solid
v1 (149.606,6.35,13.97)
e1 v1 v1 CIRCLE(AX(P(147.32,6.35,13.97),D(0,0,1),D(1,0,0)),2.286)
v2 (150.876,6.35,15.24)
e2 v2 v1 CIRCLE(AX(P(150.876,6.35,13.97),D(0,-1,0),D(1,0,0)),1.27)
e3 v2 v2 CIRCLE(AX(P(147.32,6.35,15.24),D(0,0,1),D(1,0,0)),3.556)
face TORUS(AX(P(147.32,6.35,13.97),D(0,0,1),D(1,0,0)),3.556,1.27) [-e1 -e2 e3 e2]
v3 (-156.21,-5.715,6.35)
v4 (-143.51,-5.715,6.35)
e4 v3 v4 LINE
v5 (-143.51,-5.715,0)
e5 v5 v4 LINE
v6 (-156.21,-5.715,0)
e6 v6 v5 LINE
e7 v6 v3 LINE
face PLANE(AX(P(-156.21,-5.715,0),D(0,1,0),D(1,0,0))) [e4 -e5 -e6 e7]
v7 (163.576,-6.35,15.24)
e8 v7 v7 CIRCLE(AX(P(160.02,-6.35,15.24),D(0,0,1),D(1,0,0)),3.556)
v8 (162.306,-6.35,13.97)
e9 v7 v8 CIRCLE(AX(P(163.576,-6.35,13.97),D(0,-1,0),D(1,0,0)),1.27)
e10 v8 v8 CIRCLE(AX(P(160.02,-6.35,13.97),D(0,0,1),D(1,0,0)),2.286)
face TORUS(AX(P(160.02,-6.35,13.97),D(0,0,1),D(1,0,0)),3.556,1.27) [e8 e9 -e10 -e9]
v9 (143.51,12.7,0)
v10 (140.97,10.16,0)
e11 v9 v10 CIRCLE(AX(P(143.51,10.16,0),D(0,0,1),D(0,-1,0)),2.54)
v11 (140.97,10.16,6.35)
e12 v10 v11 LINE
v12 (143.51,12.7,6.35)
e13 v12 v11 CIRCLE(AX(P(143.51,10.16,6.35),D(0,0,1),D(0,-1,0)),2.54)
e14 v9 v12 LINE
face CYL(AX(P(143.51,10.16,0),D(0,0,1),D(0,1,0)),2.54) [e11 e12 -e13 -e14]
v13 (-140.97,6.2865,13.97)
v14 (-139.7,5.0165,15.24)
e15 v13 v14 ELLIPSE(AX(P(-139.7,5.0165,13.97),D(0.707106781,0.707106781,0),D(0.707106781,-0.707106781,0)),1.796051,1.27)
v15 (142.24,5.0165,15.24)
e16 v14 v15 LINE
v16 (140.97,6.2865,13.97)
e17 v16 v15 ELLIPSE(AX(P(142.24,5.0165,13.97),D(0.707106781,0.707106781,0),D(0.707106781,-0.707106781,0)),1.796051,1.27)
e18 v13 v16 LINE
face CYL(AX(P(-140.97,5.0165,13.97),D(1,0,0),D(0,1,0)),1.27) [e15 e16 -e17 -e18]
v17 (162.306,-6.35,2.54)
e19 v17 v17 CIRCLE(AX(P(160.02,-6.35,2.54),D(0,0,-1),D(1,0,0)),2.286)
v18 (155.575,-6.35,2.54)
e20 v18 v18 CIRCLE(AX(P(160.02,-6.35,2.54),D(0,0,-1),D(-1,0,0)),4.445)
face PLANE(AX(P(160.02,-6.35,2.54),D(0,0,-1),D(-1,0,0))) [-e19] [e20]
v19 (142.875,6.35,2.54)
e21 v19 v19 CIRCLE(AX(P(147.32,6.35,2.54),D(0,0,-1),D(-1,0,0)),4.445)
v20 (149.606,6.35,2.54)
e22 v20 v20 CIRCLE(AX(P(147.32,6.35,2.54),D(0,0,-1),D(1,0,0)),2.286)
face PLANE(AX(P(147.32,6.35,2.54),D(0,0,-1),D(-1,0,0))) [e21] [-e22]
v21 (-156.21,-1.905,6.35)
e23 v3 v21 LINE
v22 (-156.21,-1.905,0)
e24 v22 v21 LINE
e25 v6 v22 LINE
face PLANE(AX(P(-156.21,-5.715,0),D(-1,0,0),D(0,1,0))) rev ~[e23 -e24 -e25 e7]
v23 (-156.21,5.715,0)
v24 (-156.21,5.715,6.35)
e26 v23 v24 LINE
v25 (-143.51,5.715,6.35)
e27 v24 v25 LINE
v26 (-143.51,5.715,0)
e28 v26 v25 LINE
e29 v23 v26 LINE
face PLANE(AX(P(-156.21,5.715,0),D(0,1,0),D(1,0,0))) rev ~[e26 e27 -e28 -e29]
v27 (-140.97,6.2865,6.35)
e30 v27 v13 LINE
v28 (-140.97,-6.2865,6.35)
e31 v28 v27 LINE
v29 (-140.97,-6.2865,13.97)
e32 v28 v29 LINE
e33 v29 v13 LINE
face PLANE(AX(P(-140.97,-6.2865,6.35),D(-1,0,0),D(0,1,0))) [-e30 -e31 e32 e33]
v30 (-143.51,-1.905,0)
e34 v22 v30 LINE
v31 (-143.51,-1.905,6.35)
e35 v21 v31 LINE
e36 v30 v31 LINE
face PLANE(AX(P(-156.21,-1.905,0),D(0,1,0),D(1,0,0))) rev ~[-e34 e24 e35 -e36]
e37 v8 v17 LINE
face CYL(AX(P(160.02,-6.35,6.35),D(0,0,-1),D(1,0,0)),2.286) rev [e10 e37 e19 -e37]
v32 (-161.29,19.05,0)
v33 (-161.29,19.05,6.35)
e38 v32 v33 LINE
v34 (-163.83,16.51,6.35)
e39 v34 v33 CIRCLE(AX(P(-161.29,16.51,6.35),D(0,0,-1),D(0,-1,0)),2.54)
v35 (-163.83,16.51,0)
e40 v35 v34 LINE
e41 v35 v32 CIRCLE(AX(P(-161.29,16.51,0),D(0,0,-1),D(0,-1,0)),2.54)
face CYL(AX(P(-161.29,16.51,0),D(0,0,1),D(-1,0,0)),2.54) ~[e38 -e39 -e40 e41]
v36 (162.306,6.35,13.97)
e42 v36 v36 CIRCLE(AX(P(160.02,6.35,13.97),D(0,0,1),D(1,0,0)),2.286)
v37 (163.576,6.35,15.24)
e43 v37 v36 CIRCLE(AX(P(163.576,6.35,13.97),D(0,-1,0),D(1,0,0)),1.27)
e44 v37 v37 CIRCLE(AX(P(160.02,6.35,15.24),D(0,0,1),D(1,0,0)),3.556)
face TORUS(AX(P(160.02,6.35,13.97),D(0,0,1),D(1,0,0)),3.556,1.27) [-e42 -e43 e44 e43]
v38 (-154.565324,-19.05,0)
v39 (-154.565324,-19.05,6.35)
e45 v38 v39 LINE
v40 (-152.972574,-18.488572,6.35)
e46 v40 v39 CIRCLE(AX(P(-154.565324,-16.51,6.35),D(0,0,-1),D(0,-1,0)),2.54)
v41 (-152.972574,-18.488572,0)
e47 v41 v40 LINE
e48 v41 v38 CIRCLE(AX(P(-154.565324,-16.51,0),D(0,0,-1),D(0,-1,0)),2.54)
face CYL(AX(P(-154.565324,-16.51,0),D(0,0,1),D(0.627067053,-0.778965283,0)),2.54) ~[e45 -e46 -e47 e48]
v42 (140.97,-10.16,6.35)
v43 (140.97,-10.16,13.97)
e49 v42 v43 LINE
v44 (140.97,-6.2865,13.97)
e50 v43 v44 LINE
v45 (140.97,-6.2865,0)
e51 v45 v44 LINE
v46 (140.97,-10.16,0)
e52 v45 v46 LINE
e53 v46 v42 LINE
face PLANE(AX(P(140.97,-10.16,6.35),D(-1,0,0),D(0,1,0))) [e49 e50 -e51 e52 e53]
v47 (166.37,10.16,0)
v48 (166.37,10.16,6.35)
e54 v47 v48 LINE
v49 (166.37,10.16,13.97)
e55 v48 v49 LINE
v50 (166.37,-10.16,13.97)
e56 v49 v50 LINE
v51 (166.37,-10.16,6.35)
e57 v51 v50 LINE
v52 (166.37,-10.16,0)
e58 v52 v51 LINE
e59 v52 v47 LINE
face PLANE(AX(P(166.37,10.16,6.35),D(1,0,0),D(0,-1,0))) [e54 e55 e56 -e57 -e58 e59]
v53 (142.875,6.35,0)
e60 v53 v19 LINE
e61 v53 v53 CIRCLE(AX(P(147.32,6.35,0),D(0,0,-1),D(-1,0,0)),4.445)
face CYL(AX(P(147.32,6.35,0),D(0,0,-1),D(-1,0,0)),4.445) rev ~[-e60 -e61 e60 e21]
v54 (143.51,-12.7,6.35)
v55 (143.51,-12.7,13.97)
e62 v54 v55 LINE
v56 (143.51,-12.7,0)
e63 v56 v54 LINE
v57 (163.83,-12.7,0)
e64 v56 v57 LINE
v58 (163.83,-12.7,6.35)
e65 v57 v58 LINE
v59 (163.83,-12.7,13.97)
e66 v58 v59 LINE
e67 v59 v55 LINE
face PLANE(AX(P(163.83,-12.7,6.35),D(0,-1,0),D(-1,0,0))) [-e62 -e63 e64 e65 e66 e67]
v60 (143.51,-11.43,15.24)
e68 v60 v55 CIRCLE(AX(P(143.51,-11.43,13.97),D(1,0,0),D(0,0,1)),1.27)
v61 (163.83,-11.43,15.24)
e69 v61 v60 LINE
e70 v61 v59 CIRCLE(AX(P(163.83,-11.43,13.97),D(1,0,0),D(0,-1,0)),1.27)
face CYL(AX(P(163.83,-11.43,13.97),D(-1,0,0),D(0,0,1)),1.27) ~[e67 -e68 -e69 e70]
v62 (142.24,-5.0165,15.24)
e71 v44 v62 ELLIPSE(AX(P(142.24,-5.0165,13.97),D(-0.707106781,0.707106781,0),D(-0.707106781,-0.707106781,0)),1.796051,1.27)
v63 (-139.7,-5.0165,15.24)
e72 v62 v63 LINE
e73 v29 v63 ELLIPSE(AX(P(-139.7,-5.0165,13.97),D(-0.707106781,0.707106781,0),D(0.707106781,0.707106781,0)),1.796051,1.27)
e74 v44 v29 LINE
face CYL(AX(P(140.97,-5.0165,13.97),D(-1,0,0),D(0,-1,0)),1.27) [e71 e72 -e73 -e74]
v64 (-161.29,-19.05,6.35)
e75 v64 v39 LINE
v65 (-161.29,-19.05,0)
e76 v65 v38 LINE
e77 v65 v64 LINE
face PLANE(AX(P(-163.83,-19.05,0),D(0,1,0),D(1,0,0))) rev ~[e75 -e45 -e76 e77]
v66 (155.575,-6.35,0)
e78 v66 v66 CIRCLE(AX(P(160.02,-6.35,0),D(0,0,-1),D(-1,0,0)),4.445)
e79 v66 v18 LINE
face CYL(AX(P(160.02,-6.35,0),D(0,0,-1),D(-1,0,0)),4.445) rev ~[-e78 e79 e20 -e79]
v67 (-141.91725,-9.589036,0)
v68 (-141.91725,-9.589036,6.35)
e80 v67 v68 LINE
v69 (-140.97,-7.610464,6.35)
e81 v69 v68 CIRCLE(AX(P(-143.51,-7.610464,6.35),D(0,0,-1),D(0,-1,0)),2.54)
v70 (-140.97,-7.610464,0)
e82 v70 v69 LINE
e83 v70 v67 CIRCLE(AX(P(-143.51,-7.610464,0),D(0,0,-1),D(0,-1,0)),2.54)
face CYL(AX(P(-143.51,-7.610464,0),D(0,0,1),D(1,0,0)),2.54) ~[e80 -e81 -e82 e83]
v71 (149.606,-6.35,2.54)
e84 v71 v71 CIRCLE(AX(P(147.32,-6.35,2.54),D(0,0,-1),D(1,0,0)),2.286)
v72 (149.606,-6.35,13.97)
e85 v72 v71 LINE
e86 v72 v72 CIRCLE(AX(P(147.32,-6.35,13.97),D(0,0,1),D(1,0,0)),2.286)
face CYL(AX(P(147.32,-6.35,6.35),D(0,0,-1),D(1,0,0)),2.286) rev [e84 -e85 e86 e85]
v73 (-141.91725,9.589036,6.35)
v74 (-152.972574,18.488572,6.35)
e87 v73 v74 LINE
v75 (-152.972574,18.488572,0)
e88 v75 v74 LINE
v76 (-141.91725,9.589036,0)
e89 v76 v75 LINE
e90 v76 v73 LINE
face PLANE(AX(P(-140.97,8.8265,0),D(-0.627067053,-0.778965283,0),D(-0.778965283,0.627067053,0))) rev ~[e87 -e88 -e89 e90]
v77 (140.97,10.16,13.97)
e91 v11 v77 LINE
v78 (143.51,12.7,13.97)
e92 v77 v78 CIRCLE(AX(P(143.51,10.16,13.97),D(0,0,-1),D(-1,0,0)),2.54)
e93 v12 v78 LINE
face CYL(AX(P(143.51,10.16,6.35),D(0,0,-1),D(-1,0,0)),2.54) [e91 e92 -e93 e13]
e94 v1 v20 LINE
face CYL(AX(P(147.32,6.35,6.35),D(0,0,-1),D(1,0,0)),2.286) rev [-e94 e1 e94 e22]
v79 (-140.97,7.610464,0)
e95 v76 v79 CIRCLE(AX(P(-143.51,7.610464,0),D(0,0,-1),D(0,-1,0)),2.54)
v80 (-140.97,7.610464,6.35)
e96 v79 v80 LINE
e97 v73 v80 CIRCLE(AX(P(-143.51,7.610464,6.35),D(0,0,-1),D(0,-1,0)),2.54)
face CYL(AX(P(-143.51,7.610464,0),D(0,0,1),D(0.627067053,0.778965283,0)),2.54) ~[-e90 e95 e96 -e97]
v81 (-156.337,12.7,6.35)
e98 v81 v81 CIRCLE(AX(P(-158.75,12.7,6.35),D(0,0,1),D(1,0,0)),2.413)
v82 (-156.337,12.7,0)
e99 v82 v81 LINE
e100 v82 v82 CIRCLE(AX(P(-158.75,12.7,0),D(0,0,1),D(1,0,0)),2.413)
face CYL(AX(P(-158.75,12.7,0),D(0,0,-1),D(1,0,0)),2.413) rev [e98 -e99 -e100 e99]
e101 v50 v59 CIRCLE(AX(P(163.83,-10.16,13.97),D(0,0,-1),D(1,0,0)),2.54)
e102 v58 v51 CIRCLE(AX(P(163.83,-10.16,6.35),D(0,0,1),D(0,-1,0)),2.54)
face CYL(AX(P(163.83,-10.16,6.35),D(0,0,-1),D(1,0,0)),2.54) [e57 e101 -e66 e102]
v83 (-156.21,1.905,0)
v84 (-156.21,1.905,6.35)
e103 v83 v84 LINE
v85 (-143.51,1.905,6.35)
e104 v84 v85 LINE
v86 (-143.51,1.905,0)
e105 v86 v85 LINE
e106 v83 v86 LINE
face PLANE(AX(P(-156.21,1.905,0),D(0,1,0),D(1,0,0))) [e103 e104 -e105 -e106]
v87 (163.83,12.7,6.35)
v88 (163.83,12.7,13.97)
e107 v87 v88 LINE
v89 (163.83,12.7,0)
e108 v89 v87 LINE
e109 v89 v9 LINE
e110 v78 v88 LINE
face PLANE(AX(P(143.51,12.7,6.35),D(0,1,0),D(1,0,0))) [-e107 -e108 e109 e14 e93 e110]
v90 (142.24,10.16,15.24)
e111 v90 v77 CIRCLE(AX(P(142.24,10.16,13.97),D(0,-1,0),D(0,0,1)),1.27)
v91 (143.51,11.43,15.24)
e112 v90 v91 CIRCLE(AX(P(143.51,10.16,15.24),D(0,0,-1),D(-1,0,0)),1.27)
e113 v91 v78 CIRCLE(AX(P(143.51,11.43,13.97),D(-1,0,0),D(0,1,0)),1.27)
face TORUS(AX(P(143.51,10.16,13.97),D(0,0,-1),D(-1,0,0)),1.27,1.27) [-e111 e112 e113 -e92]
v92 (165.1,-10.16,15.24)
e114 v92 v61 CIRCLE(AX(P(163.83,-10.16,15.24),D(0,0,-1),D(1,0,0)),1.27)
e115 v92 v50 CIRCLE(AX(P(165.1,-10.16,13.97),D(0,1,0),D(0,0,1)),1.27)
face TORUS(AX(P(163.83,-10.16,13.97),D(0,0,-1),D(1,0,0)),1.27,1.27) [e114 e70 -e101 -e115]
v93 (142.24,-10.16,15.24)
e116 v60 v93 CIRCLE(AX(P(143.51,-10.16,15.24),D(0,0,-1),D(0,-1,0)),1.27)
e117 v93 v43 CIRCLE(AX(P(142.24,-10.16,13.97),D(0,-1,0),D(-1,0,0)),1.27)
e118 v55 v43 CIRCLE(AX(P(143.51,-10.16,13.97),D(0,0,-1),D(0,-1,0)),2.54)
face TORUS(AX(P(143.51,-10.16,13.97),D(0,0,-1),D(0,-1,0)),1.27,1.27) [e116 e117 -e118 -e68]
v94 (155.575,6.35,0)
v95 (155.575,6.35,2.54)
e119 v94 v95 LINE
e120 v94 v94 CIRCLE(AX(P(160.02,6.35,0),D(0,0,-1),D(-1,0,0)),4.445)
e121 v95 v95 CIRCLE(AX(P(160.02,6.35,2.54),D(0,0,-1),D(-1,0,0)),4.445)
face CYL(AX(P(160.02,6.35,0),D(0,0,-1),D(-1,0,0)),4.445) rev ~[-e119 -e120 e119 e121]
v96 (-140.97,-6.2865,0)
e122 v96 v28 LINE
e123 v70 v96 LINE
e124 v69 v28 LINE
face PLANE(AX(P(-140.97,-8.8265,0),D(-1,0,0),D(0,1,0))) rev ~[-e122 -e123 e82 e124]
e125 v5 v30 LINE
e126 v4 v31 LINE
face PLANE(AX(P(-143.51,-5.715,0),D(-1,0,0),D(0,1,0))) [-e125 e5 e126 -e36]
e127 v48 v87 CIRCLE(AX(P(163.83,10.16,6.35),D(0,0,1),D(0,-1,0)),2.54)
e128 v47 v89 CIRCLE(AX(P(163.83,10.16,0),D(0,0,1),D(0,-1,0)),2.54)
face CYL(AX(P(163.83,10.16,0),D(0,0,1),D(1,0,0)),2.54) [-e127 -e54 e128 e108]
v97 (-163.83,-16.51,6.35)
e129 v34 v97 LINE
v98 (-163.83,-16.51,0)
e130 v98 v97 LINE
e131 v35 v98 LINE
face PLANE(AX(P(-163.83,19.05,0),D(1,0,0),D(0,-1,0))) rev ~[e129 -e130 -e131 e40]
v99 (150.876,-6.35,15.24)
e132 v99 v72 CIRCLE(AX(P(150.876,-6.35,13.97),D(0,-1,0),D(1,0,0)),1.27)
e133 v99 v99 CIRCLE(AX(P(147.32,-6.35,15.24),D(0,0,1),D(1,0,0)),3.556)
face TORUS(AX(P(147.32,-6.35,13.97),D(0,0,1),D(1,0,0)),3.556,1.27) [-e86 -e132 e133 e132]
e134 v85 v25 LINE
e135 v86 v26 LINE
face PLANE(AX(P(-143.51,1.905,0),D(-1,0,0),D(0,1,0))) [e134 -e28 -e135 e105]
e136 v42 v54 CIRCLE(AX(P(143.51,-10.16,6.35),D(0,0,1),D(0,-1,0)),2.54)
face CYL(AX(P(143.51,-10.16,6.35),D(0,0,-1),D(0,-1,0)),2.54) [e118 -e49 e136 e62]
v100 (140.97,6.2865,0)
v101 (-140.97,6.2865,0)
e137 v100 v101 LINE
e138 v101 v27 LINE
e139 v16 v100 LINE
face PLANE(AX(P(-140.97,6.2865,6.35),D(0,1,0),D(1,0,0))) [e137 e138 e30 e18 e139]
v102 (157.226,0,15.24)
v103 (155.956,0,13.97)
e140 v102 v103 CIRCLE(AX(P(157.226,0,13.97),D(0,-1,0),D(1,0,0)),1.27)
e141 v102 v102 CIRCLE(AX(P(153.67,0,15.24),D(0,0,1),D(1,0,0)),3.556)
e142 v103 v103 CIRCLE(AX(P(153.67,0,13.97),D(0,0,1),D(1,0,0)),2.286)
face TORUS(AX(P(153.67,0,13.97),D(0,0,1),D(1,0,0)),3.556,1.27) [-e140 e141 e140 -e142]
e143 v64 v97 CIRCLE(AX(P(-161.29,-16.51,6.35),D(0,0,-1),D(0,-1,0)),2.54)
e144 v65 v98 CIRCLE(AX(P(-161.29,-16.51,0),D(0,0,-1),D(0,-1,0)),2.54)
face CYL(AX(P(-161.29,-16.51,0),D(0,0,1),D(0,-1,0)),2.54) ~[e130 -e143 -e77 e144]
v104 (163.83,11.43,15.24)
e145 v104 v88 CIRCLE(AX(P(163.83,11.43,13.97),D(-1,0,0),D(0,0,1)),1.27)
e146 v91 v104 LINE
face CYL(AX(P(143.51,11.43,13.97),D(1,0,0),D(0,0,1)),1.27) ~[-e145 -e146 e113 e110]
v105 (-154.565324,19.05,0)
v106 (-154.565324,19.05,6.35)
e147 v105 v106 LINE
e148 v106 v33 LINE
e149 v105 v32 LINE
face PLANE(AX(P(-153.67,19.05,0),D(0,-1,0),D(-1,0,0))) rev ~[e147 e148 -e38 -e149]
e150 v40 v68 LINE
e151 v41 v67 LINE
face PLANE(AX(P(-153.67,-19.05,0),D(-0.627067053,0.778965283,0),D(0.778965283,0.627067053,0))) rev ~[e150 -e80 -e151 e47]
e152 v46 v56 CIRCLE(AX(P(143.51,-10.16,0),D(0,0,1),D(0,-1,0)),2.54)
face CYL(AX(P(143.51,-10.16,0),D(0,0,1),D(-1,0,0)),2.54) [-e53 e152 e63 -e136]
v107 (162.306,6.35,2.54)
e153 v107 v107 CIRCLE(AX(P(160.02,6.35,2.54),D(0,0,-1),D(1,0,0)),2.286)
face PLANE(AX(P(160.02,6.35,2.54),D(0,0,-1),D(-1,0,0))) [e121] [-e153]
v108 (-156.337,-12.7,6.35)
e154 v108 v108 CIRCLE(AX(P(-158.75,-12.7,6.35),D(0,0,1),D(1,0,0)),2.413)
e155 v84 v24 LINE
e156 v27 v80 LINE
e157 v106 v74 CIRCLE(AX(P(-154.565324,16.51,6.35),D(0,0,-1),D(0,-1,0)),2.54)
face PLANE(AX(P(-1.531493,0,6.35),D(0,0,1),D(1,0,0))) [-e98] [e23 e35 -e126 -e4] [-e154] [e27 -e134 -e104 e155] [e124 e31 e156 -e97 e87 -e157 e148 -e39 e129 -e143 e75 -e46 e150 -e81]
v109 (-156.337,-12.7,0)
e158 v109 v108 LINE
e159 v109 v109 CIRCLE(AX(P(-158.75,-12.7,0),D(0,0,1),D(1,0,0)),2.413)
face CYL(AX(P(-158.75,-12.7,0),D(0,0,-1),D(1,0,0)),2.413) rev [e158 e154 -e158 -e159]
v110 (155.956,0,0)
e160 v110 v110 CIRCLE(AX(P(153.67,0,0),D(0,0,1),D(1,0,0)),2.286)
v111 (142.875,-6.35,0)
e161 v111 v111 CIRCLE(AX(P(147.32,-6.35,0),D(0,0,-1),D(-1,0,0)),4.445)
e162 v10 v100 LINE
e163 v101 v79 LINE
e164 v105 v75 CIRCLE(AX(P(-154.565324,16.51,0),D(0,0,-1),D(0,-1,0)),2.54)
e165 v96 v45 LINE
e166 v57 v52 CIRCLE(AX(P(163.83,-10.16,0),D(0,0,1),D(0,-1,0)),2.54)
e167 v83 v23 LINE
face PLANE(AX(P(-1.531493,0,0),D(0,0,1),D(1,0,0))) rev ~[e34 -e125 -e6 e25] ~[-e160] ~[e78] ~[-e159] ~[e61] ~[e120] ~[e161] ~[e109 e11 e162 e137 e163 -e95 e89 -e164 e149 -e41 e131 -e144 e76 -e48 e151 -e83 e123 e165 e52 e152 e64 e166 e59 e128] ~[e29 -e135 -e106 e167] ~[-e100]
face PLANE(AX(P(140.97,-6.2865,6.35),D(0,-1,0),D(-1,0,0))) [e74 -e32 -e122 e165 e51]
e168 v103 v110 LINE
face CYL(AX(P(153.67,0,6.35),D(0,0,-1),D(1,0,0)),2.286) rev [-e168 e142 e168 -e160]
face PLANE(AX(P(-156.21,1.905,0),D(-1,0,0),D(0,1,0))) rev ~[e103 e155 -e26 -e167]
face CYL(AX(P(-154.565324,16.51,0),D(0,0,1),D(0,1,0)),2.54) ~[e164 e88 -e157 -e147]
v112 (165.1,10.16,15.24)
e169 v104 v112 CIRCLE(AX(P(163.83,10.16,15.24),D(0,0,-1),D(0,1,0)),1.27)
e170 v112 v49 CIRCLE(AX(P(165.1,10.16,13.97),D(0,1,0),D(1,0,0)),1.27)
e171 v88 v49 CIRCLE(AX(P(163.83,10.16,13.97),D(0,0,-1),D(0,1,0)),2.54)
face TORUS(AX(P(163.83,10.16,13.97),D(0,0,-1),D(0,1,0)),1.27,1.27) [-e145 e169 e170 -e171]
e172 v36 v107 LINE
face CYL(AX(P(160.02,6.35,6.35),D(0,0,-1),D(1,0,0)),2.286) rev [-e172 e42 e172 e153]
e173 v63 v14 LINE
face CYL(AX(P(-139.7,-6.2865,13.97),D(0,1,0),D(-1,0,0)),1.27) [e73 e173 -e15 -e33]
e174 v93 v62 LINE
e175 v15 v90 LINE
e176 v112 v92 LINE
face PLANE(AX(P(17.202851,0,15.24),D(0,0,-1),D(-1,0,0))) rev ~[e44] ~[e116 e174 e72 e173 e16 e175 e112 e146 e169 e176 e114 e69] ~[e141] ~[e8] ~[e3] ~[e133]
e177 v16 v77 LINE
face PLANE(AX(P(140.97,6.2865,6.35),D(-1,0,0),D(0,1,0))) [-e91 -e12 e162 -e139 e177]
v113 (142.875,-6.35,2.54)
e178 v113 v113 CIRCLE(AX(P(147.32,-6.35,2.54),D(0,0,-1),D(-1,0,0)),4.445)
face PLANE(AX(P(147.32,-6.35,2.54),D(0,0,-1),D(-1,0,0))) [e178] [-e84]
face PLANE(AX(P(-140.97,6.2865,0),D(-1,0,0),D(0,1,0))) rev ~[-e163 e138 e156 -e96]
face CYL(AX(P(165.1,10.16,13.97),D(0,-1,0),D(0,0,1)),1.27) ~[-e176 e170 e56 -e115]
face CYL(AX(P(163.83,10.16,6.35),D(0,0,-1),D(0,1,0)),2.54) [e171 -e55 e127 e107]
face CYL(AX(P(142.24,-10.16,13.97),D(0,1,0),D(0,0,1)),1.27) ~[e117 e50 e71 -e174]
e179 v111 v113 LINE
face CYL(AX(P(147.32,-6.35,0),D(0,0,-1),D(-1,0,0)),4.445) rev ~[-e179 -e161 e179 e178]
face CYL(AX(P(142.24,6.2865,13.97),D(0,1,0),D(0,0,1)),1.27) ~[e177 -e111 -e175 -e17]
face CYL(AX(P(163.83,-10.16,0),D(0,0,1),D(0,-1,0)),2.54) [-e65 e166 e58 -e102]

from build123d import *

# Parameters (mm, degrees)
SKETCH1_R           = 2.413
SKETCH1_W           = 12.7
SKETCH1_H           = 3.81
SKETCH1_R_2         = 2.286
BOSS_EXTRUDE1_DEPTH = 6.35
FILLET1_R           = 2.54
SKETCH3_R           = 2.286
BOSS_EXTRUDE3_DEPTH = 8.89
SKETCH7_R           = 4.445
CUT_EXTRUDE2_DEPTH  = 2.54
FILLET3_R           = 1.27


with BuildPart() as part:
    # Sketch1 → Boss-Extrude1 (new body)
    with BuildSketch(Plane.XY):
        Polygon((-140.97, -8.8265), (-140.97, -6.2865), (140.97, -6.2865), (140.97, -12.7), (166.37, -12.7), (166.37, 12.7), (140.97, 12.7), (140.97, 6.2865), (-140.97, 6.2865), (-140.97, 8.8265), (-153.67, 19.05), (-163.83, 19.05), (-163.83, -19.05), (-153.67, -19.05), align=None)
        with Locations((-158.75, -12.7)):
            Circle(SKETCH1_R, mode=Mode.SUBTRACT)
        with Locations((-149.86, -3.81)):
            Rectangle(SKETCH1_W, SKETCH1_H, mode=Mode.SUBTRACT)
        with Locations((-149.86, 3.81)):
            Rectangle(SKETCH1_W, SKETCH1_H, mode=Mode.SUBTRACT)
        with Locations((-158.75, 12.7)):
            Circle(SKETCH1_R, mode=Mode.SUBTRACT)
        with Locations((160.02, 6.35)):
            Circle(SKETCH1_R_2, mode=Mode.SUBTRACT)
        with Locations((147.32, -6.35)):
            Circle(SKETCH1_R_2, mode=Mode.SUBTRACT)
        with Locations((160.02, -6.35)):
            Circle(SKETCH1_R_2, mode=Mode.SUBTRACT)
        with Locations((153.67, 0)):
            Circle(SKETCH1_R_2, mode=Mode.SUBTRACT)
        with Locations((147.32, 6.35)):
            Circle(SKETCH1_R_2, mode=Mode.SUBTRACT)
    extrude(amount=BOSS_EXTRUDE1_DEPTH)

    # Fillet1
    fillet1_edges = [part.edges().sort_by_distance(p)[0] for p in [
        (-140.97, -8.8265, 3.175),
        (-153.67, -19.05, 3.175),
        (-163.83, -19.05, 3.175),
        (-163.83, 19.05, 3.175),
        (-153.67, 19.05, 3.175),
        (-140.97, 8.8265, 3.175),
        (140.97, 12.7, 3.175),
        (140.97, -12.7, 3.175),
        (166.37, -12.7, 3.175),
        (166.37, 12.7, 3.175),
    ]]
    fillet(fillet1_edges, radius=FILLET1_R)

    # Sketch3 → Boss-Extrude3 (add)
    with BuildSketch(Plane.XY.offset(6.35)):
        with BuildLine():
            Line((-140.97, -6.2865), (-140.97, 6.2865))
            Line((-140.97, 6.2865), (140.97, 6.2865))
            Line((140.97, 6.2865), (140.97, 10.16))
            ThreePointArc((140.97, 10.16), (141.713948776, 11.956051224), (143.51, 12.7))
            Line((143.51, 12.7), (163.83, 12.7))
            ThreePointArc((163.83, 12.7), (165.626051224, 11.956051224), (166.37, 10.16))
            Line((166.37, 10.16), (166.37, -10.16))
            ThreePointArc((166.37, -10.16), (165.626051224, -11.956051224), (163.83, -12.7))
            Line((163.83, -12.7), (143.51, -12.7))
            ThreePointArc((143.51, -12.7), (141.713948776, -11.956051224), (140.97, -10.16))
            Line((140.97, -10.16), (140.97, -6.2865))
            Line((140.97, -6.2865), (-140.97, -6.2865))
        make_face()
        with Locations((147.32, 6.35)):
            Circle(SKETCH3_R, mode=Mode.SUBTRACT)
        with Locations((153.67, 0)):
            Circle(SKETCH3_R, mode=Mode.SUBTRACT)
        with Locations((147.32, -6.35)):
            Circle(SKETCH3_R, mode=Mode.SUBTRACT)
        with Locations((160.02, 6.35)):
            Circle(SKETCH3_R, mode=Mode.SUBTRACT)
        with Locations((160.02, -6.35)):
            Circle(SKETCH3_R, mode=Mode.SUBTRACT)
    extrude(amount=BOSS_EXTRUDE3_DEPTH)

    # Sketch7 → Cut-Extrude2 (cut)
    with BuildSketch(Plane(origin=(0, 0, 0), x_dir=(-1, 0, 0), z_dir=(0, 0, -1))):
        with Locations((-147.32, 6.35)):
            Circle(SKETCH7_R)
        with Locations((-160.02, 6.35)):
            Circle(SKETCH7_R)
        with Locations((-160.02, -6.35)):
            Circle(SKETCH7_R)
        with Locations((-147.32, -6.35)):
            Circle(SKETCH7_R)
    extrude(amount=-CUT_EXTRUDE2_DEPTH, mode=Mode.SUBTRACT)

    # Fillet3
    fillet3_edges = [part.edges().sort_by_distance(p)[0] for p in [
        (0, 6.2865, 15.24),
        (-140.97, 0, 15.24),
        (0, -6.2865, 15.24),
        (140.97, -8.22325, 15.24),
        (141.713948776, -11.956051224, 15.24),
        (153.67, -12.7, 15.24),
        (165.626051224, -11.956051224, 15.24),
        (166.37, 0, 15.24),
        (165.626051224, 11.956051224, 15.24),
        (153.67, 12.7, 15.24),
        (141.713948776, 11.956051224, 15.24),
        (140.97, 8.22325, 15.24),
        (145.034, 6.35, 15.24),
        (151.384, 0, 15.24),
        (145.034, -6.35, 15.24),
        (157.734, 6.35, 15.24),
        (157.734, -6.35, 15.24),
    ]]
    fillet(fillet3_edges, radius=FILLET3_R)


solid = part.part
